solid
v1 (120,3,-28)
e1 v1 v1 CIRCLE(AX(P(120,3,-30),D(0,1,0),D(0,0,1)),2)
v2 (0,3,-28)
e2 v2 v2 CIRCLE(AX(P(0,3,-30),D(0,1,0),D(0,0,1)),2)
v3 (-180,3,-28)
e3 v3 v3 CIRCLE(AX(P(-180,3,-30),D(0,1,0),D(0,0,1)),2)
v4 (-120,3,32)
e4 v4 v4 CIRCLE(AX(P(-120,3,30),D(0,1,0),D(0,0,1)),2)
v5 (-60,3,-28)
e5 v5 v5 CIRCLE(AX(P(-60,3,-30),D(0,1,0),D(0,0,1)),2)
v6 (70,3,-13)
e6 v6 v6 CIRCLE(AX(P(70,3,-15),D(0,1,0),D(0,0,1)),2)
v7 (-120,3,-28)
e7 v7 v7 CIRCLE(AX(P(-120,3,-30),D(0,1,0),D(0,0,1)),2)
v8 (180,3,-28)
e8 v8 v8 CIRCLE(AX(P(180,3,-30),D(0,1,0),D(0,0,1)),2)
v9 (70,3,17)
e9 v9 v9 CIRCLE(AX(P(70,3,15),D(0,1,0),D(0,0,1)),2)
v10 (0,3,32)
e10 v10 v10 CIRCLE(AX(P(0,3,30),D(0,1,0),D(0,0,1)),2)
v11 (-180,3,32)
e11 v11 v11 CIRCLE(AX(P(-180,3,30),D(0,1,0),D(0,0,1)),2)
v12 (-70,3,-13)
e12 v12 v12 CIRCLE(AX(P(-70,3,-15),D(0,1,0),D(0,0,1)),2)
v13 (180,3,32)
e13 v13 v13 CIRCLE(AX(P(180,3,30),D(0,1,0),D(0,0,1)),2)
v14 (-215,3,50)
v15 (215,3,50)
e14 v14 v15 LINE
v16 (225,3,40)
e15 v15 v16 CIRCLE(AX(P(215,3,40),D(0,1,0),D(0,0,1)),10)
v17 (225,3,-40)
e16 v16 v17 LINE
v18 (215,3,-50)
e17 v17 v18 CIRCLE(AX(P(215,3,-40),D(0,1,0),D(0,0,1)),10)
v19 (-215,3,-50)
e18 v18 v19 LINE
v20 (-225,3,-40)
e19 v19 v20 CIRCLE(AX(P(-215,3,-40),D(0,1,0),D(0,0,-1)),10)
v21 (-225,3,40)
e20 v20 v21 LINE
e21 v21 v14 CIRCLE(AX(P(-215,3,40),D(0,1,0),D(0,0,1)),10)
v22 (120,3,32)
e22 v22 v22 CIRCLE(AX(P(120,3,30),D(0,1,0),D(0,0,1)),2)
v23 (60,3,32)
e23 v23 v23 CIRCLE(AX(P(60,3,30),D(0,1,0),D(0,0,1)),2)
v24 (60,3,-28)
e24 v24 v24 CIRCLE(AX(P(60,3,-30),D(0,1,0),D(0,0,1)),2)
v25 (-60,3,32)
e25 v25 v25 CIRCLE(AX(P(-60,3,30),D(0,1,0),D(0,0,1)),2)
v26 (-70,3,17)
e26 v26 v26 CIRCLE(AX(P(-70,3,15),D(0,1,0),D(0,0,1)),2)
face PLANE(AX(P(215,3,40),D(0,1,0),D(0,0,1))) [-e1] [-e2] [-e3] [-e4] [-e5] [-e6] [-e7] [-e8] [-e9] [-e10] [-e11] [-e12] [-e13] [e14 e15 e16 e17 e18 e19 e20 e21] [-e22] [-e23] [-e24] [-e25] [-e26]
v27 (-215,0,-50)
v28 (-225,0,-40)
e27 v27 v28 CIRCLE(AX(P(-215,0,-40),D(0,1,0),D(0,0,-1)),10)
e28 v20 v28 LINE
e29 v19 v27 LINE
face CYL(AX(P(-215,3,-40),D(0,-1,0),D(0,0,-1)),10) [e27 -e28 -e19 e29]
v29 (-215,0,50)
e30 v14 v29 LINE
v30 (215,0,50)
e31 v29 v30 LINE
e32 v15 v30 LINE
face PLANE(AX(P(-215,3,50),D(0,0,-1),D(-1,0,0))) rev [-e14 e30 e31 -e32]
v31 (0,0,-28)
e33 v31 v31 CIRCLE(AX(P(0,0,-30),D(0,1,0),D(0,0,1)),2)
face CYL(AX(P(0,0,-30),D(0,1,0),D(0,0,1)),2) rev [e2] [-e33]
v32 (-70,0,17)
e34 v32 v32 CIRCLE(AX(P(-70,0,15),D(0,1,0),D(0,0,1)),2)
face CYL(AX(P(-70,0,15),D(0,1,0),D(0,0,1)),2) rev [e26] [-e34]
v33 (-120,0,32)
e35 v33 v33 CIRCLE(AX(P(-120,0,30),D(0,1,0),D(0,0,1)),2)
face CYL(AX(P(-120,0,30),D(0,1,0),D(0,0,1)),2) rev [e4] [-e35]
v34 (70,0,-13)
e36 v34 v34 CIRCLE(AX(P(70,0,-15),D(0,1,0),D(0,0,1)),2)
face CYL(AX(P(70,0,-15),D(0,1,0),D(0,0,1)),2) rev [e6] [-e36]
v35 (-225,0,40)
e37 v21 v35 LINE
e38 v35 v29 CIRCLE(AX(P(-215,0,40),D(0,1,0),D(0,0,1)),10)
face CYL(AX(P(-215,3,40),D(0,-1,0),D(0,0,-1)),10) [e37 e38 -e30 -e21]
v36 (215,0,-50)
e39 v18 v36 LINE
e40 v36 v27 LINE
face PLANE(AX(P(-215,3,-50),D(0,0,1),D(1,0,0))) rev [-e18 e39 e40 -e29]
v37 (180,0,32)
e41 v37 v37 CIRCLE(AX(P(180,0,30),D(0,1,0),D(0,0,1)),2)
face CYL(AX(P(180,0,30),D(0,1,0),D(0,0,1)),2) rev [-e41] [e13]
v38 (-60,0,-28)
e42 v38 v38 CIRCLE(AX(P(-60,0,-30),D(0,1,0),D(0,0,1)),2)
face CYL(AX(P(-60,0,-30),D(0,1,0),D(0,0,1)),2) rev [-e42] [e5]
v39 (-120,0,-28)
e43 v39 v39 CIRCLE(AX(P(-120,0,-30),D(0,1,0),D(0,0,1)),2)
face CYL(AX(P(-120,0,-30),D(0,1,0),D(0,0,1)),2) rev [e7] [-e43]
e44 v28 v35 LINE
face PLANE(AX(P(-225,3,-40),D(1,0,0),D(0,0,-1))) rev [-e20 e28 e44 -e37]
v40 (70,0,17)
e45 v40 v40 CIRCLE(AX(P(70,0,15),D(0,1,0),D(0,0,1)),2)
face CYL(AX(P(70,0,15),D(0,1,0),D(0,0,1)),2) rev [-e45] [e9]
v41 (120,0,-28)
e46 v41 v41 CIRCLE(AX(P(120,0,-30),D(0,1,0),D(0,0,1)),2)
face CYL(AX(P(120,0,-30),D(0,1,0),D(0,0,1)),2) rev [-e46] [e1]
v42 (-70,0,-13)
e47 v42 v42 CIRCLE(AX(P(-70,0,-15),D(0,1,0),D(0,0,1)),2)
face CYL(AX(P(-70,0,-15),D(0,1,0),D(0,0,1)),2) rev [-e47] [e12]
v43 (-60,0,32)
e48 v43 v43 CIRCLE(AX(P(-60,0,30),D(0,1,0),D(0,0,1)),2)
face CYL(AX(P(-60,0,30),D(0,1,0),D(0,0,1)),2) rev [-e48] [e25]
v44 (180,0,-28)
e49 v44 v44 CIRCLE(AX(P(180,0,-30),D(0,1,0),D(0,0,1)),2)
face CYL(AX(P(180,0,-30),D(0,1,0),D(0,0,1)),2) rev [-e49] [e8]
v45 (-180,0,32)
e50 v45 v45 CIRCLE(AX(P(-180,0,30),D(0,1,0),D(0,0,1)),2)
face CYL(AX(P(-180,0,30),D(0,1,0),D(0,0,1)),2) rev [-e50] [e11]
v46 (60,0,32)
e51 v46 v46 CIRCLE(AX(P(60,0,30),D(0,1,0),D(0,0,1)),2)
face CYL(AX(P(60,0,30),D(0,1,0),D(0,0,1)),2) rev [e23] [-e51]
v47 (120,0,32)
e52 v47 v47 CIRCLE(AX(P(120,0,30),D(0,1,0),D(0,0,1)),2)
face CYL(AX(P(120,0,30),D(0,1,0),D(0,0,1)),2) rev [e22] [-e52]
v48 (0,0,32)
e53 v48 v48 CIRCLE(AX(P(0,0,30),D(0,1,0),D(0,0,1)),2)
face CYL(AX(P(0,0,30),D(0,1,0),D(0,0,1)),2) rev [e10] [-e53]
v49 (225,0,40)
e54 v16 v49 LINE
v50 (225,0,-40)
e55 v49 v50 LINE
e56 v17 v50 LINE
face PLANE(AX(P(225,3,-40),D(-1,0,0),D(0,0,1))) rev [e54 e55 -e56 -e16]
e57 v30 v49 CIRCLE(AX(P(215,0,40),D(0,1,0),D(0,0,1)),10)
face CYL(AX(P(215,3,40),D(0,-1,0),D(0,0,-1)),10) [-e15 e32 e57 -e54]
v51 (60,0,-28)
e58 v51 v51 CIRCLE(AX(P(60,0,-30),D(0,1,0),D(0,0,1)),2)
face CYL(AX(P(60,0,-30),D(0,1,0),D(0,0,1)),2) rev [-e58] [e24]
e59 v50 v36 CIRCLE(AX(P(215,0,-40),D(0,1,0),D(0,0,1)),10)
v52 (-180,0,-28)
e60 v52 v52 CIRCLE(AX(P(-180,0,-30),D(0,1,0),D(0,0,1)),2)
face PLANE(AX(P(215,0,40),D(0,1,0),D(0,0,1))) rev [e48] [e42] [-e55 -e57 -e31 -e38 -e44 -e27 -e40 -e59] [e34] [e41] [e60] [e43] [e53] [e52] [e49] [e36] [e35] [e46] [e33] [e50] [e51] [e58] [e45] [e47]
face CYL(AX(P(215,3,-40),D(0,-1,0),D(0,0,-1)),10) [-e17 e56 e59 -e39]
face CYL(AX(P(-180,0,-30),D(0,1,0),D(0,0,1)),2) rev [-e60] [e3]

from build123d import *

# Parameters (mm, degrees)
EXTRUDE_1_DEPTH     = 3
SKETCH_2_R          = 2
CUT_EXTRUDE_1_DEPTH = 231.508134347
SKETCH_3_R          = 2
CUT_EXTRUDE_2_DEPTH = 231.508134347
SKETCH_4_R          = 2
CUT_EXTRUDE_3_DEPTH = 231.508134347


with BuildPart() as part:
    # 草图1 → 凸台-拉伸1 (new body)
    with BuildSketch(Plane(origin=(0, 0, 0), x_dir=(1, 0, 0), z_dir=(0, 1, 0))):
        with BuildLine():
            Line((-215, 50), (215, 50))
            ThreePointArc((215, 50), (222.071067812, 47.071067812), (225, 40))
            Line((225, 40), (225, -40))
            ThreePointArc((225, -40), (222.071067812, -47.071067812), (215, -50))
            Line((215, -50), (-215, -50))
            ThreePointArc((-215, -50), (-222.071067812, -47.071067812), (-225, -40))
            Line((-225, -40), (-225, 40))
            ThreePointArc((-225, 40), (-222.071067812, 47.071067812), (-215, 50))
        make_face()
    extrude(amount=EXTRUDE_1_DEPTH)

    # 草图2 → 切除-拉伸1 (cut, through all)
    with BuildSketch(Plane(origin=(0, 3, 0), x_dir=(1, 0, 0), z_dir=(0, 1, 0))):
        with Locations(Location((-180, -30, 0), (0, 0, 270))):
            Circle(SKETCH_2_R)
        with Locations(Location((-120, -30, 0), (0, 0, 270))):
            Circle(SKETCH_2_R)
        with Locations(Location((-60, -30, 0), (0, 0, 270))):
            Circle(SKETCH_2_R)
        with Locations(Location((0, -30, 0), (0, 0, 270))):
            Circle(SKETCH_2_R)
        with Locations(Location((60, -30, 0), (0, 0, 270))):
            Circle(SKETCH_2_R)
        with Locations(Location((120, -30, 0), (0, 0, 270))):
            Circle(SKETCH_2_R)
        with Locations(Location((180, -30, 0), (0, 0, 270))):
            Circle(SKETCH_2_R)
    extrude(amount=-CUT_EXTRUDE_1_DEPTH, mode=Mode.SUBTRACT)

    # 草图3 → 切除-拉伸2 (cut, through all)
    with BuildSketch(Plane(origin=(0, 3, 0), x_dir=(1, 0, 0), z_dir=(0, 1, 0))):
        with Locations(Location((-180, 30, 0), (0, 0, 270))):
            Circle(SKETCH_3_R)
        with Locations(Location((-120, 30, 0), (0, 0, 270))):
            Circle(SKETCH_3_R)
        with Locations(Location((-60, 30, 0), (0, 0, 270))):
            Circle(SKETCH_3_R)
        with Locations(Location((0, 30, 0), (0, 0, 270))):
            Circle(SKETCH_3_R)
        with Locations(Location((60, 30, 0), (0, 0, 270))):
            Circle(SKETCH_3_R)
        with Locations(Location((120, 30, 0), (0, 0, 270))):
            Circle(SKETCH_3_R)
        with Locations(Location((180, 30, 0), (0, 0, 270))):
            Circle(SKETCH_3_R)
    extrude(amount=-CUT_EXTRUDE_2_DEPTH, mode=Mode.SUBTRACT)

    # 草图4 → 切除-拉伸3 (cut, through all)
    with BuildSketch(Plane(origin=(0, 3, 0), x_dir=(1, 0, 0), z_dir=(0, 1, 0))):
        with Locations(Location((-70, 15, 0), (0, 0, 270))):
            Circle(SKETCH_4_R)
        with Locations(Location((70, 15, 0), (0, 0, 270))):
            Circle(SKETCH_4_R)
        with Locations(Location((-70, -15, 0), (0, 0, 270))):
            Circle(SKETCH_4_R)
        with Locations(Location((70, -15, 0), (0, 0, 270))):
            Circle(SKETCH_4_R)
    extrude(amount=-CUT_EXTRUDE_3_DEPTH, mode=Mode.SUBTRACT)


solid = part.part
